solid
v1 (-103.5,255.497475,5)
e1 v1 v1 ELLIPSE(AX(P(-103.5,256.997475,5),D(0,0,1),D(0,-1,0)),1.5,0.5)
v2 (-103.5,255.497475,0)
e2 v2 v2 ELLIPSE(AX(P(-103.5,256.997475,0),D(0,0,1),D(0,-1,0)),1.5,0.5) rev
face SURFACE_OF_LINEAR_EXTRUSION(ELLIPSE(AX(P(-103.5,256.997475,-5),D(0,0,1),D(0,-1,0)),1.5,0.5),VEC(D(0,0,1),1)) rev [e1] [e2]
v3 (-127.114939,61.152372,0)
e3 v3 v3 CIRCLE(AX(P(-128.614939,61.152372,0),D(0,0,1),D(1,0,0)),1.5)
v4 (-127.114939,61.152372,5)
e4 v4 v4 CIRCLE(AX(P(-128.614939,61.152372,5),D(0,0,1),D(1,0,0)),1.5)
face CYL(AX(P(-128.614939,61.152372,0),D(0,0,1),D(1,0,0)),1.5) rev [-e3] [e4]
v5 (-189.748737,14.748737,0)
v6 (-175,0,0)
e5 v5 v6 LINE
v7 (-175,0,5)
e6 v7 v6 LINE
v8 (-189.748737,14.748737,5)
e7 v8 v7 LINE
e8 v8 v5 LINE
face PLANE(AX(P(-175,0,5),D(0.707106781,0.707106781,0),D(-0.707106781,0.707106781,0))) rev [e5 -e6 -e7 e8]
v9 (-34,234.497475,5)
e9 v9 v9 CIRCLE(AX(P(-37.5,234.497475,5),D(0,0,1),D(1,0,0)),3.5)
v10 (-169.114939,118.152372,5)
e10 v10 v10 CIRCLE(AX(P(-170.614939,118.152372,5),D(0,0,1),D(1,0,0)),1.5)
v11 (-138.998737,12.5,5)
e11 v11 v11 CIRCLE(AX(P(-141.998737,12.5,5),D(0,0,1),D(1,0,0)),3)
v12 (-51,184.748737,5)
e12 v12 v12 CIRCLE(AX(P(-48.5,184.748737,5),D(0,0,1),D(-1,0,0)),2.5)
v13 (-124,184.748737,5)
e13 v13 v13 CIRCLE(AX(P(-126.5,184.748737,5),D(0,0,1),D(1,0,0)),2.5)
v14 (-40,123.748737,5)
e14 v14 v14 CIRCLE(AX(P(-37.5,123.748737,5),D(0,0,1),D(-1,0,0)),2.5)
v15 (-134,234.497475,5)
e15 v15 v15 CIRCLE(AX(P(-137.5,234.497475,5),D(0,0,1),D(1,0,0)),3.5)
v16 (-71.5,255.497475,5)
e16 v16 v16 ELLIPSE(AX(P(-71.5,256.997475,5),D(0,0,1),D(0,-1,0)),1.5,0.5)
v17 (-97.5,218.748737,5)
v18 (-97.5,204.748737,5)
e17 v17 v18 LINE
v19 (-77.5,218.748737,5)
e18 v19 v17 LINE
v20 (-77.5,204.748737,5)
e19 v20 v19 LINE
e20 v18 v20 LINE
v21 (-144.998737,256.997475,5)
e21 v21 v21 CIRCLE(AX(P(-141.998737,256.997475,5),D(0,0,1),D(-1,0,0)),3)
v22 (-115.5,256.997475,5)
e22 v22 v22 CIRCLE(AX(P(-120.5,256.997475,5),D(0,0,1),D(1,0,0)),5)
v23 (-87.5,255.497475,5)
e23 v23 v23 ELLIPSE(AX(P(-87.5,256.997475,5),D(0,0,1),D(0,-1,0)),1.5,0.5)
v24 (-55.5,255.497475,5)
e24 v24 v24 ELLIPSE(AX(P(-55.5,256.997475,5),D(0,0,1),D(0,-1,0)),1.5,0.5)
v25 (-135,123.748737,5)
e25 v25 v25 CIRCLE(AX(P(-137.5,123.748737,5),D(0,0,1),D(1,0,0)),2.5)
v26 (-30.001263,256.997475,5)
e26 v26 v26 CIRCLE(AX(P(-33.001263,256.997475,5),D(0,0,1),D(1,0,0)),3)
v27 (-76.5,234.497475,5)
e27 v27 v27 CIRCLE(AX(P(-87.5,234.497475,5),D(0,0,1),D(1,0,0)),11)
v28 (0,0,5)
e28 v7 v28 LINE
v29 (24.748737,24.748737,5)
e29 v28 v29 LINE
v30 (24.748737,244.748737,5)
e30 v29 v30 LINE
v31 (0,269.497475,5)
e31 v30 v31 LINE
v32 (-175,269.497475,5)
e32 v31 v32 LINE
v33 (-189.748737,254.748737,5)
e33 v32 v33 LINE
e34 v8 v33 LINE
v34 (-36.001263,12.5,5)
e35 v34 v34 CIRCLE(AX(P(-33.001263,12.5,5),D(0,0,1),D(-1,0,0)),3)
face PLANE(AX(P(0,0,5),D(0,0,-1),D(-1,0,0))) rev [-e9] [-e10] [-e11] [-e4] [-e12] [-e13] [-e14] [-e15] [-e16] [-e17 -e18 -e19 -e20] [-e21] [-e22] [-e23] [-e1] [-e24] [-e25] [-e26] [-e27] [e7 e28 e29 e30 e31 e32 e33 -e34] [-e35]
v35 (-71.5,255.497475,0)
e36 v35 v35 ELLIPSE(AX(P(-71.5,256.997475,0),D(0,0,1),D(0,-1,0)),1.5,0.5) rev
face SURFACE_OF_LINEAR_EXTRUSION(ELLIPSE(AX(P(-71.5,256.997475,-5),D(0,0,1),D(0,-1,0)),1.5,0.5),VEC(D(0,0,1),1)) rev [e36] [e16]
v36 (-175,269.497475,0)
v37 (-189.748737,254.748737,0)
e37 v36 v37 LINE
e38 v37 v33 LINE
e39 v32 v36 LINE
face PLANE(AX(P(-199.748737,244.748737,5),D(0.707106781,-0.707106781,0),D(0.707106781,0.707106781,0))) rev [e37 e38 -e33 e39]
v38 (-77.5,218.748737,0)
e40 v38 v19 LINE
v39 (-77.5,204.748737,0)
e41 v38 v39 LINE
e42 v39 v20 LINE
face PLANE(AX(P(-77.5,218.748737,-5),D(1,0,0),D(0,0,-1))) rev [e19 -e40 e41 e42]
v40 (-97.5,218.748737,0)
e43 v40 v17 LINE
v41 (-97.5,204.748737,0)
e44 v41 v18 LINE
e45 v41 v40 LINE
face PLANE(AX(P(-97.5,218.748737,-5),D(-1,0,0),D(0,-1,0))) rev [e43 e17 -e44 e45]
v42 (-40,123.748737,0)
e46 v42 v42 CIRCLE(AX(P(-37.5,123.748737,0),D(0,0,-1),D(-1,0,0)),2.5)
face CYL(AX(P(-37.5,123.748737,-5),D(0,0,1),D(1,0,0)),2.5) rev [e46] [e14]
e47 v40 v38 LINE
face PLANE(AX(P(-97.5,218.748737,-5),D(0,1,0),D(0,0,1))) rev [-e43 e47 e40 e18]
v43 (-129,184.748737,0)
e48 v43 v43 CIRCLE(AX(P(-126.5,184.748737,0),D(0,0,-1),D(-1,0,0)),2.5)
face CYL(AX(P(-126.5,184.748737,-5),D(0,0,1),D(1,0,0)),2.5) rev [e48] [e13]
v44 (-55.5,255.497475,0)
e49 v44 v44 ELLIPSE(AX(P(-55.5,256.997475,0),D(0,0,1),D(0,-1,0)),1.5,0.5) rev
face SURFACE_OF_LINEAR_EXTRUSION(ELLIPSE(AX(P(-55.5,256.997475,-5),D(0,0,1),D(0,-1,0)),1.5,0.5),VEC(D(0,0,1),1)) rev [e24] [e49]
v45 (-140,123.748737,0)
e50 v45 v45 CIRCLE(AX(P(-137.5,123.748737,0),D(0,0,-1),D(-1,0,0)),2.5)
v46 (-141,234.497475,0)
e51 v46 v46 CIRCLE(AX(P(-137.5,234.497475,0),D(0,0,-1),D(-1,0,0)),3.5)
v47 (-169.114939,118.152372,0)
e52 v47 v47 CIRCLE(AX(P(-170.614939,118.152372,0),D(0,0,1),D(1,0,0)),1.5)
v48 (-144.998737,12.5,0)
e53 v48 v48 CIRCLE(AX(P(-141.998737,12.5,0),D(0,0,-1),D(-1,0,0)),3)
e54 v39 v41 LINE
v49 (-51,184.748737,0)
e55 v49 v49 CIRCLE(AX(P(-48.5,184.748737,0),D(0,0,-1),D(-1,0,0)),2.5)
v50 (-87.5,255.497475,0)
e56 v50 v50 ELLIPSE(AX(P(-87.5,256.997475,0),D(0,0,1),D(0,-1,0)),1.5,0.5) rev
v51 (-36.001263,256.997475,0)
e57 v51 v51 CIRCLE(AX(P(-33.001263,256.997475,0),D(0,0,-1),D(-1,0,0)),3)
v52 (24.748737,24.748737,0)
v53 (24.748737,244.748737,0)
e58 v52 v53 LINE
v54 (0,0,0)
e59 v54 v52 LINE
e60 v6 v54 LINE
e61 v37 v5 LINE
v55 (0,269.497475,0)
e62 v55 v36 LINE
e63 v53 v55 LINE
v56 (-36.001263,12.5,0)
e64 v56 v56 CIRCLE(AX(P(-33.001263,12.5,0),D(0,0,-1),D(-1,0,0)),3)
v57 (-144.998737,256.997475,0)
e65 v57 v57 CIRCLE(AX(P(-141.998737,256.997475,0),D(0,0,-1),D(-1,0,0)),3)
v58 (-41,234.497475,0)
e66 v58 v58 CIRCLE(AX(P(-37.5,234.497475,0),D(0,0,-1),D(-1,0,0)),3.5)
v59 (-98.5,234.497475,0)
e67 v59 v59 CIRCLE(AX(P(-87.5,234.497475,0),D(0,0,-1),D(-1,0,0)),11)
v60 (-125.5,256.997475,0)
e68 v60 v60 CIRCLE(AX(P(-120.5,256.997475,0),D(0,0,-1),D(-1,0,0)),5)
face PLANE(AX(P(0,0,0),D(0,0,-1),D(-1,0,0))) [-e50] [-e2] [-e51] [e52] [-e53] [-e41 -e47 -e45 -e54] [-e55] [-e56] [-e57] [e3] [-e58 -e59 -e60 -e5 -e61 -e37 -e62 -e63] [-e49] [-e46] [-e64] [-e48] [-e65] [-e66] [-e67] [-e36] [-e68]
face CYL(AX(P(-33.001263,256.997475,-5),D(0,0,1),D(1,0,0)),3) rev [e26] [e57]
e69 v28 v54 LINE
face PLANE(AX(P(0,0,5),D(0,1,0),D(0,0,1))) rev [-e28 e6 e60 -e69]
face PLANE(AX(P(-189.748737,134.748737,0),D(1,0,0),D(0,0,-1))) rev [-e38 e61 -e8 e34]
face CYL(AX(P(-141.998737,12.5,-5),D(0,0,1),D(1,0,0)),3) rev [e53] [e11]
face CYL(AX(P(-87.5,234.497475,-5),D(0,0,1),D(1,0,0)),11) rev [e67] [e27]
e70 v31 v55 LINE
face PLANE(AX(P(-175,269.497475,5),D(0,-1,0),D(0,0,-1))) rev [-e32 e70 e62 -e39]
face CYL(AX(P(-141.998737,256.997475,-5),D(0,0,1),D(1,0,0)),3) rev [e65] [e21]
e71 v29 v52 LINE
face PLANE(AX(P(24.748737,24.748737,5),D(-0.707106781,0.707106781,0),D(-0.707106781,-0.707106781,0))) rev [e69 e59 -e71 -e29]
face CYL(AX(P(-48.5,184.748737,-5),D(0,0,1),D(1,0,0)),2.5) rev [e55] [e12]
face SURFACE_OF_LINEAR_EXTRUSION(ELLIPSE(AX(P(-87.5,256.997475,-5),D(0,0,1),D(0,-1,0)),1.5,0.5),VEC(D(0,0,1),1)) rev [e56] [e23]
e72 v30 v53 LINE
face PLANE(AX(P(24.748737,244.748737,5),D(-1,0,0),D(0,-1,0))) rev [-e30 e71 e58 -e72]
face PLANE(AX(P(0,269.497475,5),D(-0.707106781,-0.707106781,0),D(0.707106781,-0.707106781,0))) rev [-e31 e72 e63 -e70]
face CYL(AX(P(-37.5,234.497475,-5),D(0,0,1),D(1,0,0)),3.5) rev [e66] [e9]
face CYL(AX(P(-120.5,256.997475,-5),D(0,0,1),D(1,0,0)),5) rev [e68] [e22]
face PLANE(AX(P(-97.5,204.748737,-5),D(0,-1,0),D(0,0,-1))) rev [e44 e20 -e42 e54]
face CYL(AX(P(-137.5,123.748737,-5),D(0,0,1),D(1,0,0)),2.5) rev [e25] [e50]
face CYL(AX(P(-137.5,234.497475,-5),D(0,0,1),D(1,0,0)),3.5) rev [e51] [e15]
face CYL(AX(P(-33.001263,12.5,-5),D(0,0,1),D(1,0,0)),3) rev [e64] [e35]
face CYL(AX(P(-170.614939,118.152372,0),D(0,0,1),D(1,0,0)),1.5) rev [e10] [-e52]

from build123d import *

# Parameters (mm, degrees)
BASE_DEPTH               = 5
ESQUISSE8_R              = 5
ENL_V_MAT_EXTRU_7_DEPTH  = 10
ESQUISSE4_R              = 11
ESQUISSE4_R_2            = 3.5
ESQUISSE4_RX             = 1.5
ESQUISSE4_RY             = 0.5
ESQUISSE4_W              = 20
ESQUISSE4_H              = 14
ENL_V_MAT_EXTRU_8_DEPTH  = 10
ESQUISSE2_R              = 3
ESQUISSE2_R_2            = 2.5
ENL_V_MAT_EXTRU_9_DEPTH  = 10
ESQUISSE11_R             = 1.5
ENL_V_MAT_EXTRU_11_DEPTH = 5


with BuildPart() as part:
    # Esquisse1 → Base (new body)
    with BuildSketch(Plane.XY):
        Polygon((0, 0), (-175, 0), (-199.748737342, 24.748737342), (-199.748737342, 244.748737342), (-175, 269.497474683), (0, 269.497474683), (24.748737342, 244.748737342), (24.748737342, 24.748737342), align=None)
    extrude(amount=BASE_DEPTH)

    # Esquisse8 → Enlèv. mat.-Extru.7 (cut)
    with BuildSketch(Plane.XY.offset(5)):
        with Locations((-120.5, 256.997474683)):
            Circle(ESQUISSE8_R)
    extrude(amount=-ENL_V_MAT_EXTRU_7_DEPTH, mode=Mode.SUBTRACT)

    # Esquisse4 → Enlèv. mat.-Extru.8 (cut)
    with BuildSketch(Plane.XY.offset(5)):
        with Locations((-87.5, 234.497474683)):
            Circle(ESQUISSE4_R)
        with Locations((-137.5, 234.497474683)):
            Circle(ESQUISSE4_R_2)
        with Locations((-37.5, 234.497474683)):
            Circle(ESQUISSE4_R_2)
        with Locations(Location((-103.5, 256.997474683), (0, 0, -90))):
            Ellipse(ESQUISSE4_RX, ESQUISSE4_RY)
        with Locations(Location((-87.5, 256.997474683), (0, 0, -90))):
            Ellipse(ESQUISSE4_RX, ESQUISSE4_RY)
        with Locations(Location((-71.5, 256.997474683), (0, 0, -90))):
            Ellipse(ESQUISSE4_RX, ESQUISSE4_RY)
        with Locations(Location((-55.5, 256.997474683), (0, 0, -90))):
            Ellipse(ESQUISSE4_RX, ESQUISSE4_RY)
        with Locations((-87.5, 211.748737342)):
            Rectangle(ESQUISSE4_W, ESQUISSE4_H)
    extrude(amount=-ENL_V_MAT_EXTRU_8_DEPTH, mode=Mode.SUBTRACT)

    # Esquisse2 → Enlèv. mat.-Extru.9 (cut)
    with BuildSketch(Plane.XY.offset(5)):
        with Locations((-141.998737342, 12.5)):
            Circle(ESQUISSE2_R)
        with Locations((-141.998737342, 256.997474683)):
            Circle(ESQUISSE2_R)
        with Locations((-33.001262658, 12.5)):
            Circle(ESQUISSE2_R)
        with Locations((-33.001262658, 256.997474683)):
            Circle(ESQUISSE2_R)
        with Locations((-137.5, 123.748737342)):
            Circle(ESQUISSE2_R_2)
        with Locations((-126.5, 184.748737342)):
            Circle(ESQUISSE2_R_2)
        with Locations((-37.5, 123.748737342)):
            Circle(ESQUISSE2_R_2)
        with Locations((-48.5, 184.748737342)):
            Circle(ESQUISSE2_R_2)
    extrude(amount=-ENL_V_MAT_EXTRU_9_DEPTH, mode=Mode.SUBTRACT)

    # Esquisse11 → Enlèv. mat.-Extru.11 (cut)
    with BuildSketch(Plane.XY.offset(5)):
        with Locations((-170.614939475, 118.152371839)):
            Circle(ESQUISSE11_R)
        with Locations((-128.614939475, 61.152371839)):
            Circle(ESQUISSE11_R)
        Polygon((-189.748737342, -12.261016229), (-189.748737342, 134.748737342), (-189.748737342, 274.920827955), (-199.748737342, 274.920827955), (-199.748737342, -12.261016229), align=None)
    extrude(amount=-ENL_V_MAT_EXTRU_11_DEPTH, mode=Mode.SUBTRACT)


solid = part.part
